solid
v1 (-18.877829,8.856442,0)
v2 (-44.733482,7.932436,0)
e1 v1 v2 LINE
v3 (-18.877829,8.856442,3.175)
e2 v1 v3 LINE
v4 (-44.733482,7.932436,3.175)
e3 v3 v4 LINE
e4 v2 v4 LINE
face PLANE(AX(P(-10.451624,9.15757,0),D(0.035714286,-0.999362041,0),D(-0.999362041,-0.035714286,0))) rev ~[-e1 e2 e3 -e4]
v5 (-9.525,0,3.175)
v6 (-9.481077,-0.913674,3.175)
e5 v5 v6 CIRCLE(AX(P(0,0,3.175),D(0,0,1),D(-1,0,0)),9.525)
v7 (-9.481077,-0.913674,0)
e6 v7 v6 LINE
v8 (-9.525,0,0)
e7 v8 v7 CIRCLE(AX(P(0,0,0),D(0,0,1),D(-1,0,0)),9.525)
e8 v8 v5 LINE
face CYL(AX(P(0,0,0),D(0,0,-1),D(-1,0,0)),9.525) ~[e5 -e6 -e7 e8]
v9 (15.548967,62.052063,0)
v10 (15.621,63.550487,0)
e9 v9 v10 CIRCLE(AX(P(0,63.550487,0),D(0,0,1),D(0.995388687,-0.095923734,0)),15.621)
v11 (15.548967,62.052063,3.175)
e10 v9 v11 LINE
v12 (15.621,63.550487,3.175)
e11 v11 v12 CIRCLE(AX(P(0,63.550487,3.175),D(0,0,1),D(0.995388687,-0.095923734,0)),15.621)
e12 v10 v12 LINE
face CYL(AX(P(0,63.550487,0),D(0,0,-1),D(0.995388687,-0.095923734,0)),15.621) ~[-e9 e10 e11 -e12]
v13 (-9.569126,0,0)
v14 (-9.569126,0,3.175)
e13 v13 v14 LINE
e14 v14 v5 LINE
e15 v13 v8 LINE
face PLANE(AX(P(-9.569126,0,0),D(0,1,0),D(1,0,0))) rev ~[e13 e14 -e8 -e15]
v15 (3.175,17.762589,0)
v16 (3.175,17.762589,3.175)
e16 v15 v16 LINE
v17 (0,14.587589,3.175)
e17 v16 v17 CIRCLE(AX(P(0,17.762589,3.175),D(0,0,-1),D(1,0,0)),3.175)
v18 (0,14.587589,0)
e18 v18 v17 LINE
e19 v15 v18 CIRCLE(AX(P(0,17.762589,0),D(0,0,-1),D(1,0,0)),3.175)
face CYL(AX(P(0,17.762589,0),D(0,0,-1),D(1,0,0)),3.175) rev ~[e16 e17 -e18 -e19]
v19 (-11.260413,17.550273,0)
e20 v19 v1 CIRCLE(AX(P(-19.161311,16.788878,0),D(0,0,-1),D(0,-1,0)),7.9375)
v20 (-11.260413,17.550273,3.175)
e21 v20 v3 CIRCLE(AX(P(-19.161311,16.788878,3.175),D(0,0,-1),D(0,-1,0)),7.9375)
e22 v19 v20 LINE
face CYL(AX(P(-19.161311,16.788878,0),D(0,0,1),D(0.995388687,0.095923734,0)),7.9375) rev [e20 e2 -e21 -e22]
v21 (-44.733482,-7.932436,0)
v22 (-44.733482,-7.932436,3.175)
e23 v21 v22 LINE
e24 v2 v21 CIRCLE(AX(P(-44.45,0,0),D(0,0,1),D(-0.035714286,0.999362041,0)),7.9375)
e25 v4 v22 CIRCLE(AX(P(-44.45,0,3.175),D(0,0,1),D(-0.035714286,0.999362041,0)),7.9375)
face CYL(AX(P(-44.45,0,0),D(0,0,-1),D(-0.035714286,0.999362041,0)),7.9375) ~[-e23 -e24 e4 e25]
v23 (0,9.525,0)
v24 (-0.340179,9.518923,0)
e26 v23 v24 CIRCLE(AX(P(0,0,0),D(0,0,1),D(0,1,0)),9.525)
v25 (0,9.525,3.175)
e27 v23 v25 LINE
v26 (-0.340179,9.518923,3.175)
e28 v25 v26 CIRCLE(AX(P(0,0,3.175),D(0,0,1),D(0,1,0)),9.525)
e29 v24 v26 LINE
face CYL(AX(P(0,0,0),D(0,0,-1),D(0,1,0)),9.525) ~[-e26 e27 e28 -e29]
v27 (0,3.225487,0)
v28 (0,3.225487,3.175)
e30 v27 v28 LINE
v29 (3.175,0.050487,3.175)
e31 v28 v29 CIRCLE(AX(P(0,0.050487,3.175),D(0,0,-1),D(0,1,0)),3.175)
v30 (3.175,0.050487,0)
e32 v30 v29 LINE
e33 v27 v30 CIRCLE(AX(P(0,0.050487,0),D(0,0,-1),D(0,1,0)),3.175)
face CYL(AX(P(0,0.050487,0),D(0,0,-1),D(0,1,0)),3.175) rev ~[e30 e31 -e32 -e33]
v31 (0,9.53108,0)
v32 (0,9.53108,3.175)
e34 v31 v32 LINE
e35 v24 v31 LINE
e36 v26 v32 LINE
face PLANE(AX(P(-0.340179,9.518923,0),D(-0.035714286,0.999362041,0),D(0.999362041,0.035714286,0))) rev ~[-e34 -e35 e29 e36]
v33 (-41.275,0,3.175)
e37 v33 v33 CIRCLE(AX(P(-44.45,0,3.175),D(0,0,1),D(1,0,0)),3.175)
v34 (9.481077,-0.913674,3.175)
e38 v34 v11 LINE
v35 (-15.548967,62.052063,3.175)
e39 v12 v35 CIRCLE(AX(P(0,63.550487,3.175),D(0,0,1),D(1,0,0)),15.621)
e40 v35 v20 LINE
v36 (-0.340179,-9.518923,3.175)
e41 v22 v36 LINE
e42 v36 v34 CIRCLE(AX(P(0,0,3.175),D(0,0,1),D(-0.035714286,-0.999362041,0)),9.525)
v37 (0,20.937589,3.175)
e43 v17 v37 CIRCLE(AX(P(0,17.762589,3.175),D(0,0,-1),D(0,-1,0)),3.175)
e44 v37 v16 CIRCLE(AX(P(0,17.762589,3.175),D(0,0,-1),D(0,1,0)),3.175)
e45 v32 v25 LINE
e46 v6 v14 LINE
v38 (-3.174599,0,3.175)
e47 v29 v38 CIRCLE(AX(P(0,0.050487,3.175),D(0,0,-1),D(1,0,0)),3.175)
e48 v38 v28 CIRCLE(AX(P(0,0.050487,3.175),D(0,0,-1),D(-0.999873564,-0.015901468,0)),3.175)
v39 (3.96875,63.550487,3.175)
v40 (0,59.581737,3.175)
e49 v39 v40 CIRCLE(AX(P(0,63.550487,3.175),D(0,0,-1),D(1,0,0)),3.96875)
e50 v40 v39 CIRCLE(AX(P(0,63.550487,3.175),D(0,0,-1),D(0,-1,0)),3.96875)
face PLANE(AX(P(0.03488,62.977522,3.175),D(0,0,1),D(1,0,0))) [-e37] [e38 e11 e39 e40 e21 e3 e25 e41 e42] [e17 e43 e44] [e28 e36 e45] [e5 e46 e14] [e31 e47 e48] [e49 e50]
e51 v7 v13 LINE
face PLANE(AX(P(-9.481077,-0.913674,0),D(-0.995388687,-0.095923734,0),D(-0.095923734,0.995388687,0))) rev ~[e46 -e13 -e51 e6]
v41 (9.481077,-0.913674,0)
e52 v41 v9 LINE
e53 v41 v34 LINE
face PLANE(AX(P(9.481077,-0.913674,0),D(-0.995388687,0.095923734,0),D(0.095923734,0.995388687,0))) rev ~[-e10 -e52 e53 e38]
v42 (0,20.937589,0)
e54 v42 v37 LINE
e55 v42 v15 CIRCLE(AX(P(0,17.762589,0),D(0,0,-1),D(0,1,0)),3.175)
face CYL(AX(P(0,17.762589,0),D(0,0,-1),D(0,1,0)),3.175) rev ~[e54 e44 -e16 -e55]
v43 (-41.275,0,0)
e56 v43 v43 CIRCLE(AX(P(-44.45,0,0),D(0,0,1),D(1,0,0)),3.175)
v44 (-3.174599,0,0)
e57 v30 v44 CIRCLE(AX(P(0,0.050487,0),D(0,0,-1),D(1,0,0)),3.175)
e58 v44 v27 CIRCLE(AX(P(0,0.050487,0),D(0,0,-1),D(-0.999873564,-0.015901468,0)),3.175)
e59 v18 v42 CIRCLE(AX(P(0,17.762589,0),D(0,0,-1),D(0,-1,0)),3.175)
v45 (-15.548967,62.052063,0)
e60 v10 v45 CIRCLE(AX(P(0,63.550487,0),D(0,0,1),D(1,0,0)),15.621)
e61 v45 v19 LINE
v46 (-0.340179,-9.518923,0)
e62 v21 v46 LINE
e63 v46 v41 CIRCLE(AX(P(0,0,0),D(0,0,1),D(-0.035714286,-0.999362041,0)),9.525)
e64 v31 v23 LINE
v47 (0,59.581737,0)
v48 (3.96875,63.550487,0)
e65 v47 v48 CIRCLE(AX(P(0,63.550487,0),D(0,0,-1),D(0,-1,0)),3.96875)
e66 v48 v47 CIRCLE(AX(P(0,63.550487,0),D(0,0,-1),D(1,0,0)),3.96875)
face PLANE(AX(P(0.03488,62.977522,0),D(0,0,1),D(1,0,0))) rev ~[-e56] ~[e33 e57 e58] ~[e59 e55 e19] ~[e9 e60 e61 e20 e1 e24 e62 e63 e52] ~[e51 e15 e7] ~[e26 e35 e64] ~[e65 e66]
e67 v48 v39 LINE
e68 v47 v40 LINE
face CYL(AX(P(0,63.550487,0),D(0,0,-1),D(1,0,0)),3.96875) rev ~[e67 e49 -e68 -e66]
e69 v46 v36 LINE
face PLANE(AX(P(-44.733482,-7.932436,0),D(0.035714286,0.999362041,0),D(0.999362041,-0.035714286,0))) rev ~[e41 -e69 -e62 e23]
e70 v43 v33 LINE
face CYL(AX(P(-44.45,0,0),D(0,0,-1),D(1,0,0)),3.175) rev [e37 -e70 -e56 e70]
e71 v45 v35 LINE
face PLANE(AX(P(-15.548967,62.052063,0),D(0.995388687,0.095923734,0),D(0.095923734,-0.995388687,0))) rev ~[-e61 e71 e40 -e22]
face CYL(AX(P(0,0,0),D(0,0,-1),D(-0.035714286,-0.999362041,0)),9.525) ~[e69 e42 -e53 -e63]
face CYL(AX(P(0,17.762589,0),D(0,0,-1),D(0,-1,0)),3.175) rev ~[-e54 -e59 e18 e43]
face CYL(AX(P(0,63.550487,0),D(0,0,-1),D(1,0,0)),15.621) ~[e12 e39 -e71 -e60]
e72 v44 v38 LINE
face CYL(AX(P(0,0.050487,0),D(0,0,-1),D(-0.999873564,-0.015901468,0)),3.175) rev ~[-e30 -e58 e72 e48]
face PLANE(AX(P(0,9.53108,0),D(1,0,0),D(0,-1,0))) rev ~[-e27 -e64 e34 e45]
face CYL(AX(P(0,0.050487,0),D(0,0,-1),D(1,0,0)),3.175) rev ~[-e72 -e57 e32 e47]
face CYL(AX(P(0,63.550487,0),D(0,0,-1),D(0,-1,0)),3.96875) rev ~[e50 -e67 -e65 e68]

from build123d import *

# Parameters (mm, degrees)
F0_R     = 3.175
F1_DEPTH = 3.175
F2_R     = 7.9375


with BuildPart() as f1:
    # F0 (on Top) → F1 (new body)
    with BuildSketch(Plane.XY):
        with BuildLine():
            ThreePointArc((0, 47.9294871607), (10.5025889585, 51.9871283852), (15.5489666728, 62.0520625183))
            ThreePointArc((15.5489666728, 62.0520625183), (15.602981276, 62.8004096298), (15.621, 63.5504871607))
            ThreePointArc((15.621, 63.5504871607), (-0.7500775309, 79.1534684366), (-15.5489666728, 62.0520625183))
            ThreePointArc((-15.5489666728, 62.0520625183), (-10.5025889585, 51.9871283852), (0, 47.9294871607))
        make_face()
        with BuildLine():
            ThreePointArc((3.96875, 63.5504871607), (2.8063300378, 60.7441571228), (0, 59.5817371607))
            ThreePointArc((0, 59.5817371607), (-2.8063300378, 66.3568171985), (3.96875, 63.5504871607))
        make_face(mode=Mode.SUBTRACT)
        with BuildLine():
            Line((-10.4516240063, 9.1575698645), (-0.3401788169, 9.5189234356))
            Line((-0.3401788169, 9.5189234356), (0, 9.5310804347))
            Line((0, 9.5310804347), (0, 14.5875889826))
            ThreePointArc((0, 14.5875889826), (-3.175, 17.7625889826), (0, 20.9375889826))
            Line((0, 20.9375889826), (0, 47.9294871607))
            ThreePointArc((0, 47.9294871607), (-10.5025889585, 51.9871283852), (-15.5489666728, 62.0520625183))
            Line((-15.5489666728, 62.0520625183), (-10.4516240063, 9.1575698645))
        make_face()
        with BuildLine():
            ThreePointArc((9.525, 0), (9.5140129731, -0.4573643481), (9.4810772395, -0.9136735625))
            Line((9.4810772395, -0.9136735625), (15.5489666728, 62.0520625183))
            ThreePointArc((15.5489666728, 62.0520625183), (10.5025889585, 51.9871283852), (0, 47.9294871607))
            Line((0, 47.9294871607), (0, 20.9375889826))
            ThreePointArc((0, 20.9375889826), (2.2450640303, 20.0076530128), (3.175, 17.7625889826))
            ThreePointArc((3.175, 17.7625889826), (2.2450640303, 15.5175249523), (0, 14.5875889826))
            Line((0, 14.5875889826), (0, 9.5310804347))
            Line((0, 9.5310804347), (0, 9.525))
            ThreePointArc((0, 9.525), (6.7351920908, 6.7351920908), (9.525, 0))
        make_face()
        with BuildLine():
            Line((-36.5125, 0), (-9.5691262404, 0))
            Line((-9.5691262404, 0), (-10.4516240063, 9.1575698645))
            Line((-10.4516240063, 9.1575698645), (-44.7334821429, 7.9324362036))
            ThreePointArc((-44.7334821429, 7.9324362036), (-38.9384772185, 5.7120069047), (-36.5125, 0))
        make_face()
        with BuildLine():
            ThreePointArc((-0.3401785714, -9.5189234444), (-6.5289239395, -6.9353281964), (-9.4810772395, -0.9136735625))
            Line((-9.4810772395, -0.9136735625), (-9.5691262404, 0))
            Line((-9.5691262404, 0), (-36.5125, 0))
            ThreePointArc((-36.5125, 0), (-38.9384772185, -5.7120069047), (-44.7334821429, -7.9324362036))
            Line((-44.7334821429, -7.9324362036), (-0.3401785714, -9.5189234444))
        make_face()
        with BuildLine():
            ThreePointArc((-44.7334821429, 7.9324362036), (-52.3875, 0), (-44.7334821429, -7.9324362036))
            ThreePointArc((-44.7334821429, -7.9324362036), (-38.9384772185, -5.7120069047), (-36.5125, 0))
            ThreePointArc((-36.5125, 0), (-38.9384772185, 5.7120069047), (-44.7334821429, 7.9324362036))
        make_face()
        with Locations((-44.45, 0)):
            Circle(F0_R, mode=Mode.SUBTRACT)
        with BuildLine():
            ThreePointArc((-9.525, 0), (-9.5140129731, -0.4573643481), (-9.4810772395, -0.9136735625))
            ThreePointArc((-9.4810772395, -0.9136735625), (-6.5289239395, -6.9353281964), (-0.3401785714, -9.5189234444))
            ThreePointArc((-0.3401785714, -9.5189234444), (6.2770684637, -7.1640795991), (9.4810772395, -0.9136735625))
            ThreePointArc((9.4810772395, -0.9136735625), (9.5140129731, -0.4573643481), (9.525, 0))
            ThreePointArc((9.525, 0), (6.7351920908, 6.7351920908), (0, 9.525))
            Line((0, 9.525), (0, 3.2254871607))
            ThreePointArc((0, 3.2254871607), (2.2450640303, 2.2955511909), (3.175, 0.0504871607))
            ThreePointArc((3.175, 0.0504871607), (0.0252443783, -3.1244124789), (-3.1745985646, 0))
            Line((-3.1745985646, 0), (-9.525, 0))
        make_face()
        with BuildLine():
            ThreePointArc((-0.3401788169, 9.5189234356), (-6.8544083709, 6.6138272494), (-9.525, 0))
            Line((-9.525, 0), (-3.1745985646, 0))
            ThreePointArc((-3.1745985646, 0), (-2.2628435358, 2.2776297543), (0, 3.2254871607))
            Line((0, 3.2254871607), (0, 9.525))
            ThreePointArc((0, 9.525), (-0.1701165425, 9.5234807377), (-0.3401788169, 9.5189234356))
        make_face()
        with BuildLine():
            Line((-9.5691262404, 0), (-9.525, 0))
            ThreePointArc((-9.525, 0), (-6.8544083709, 6.6138272494), (-0.3401788169, 9.5189234356))
            Line((-0.3401788169, 9.5189234356), (-10.4516240063, 9.1575698645))
            Line((-10.4516240063, 9.1575698645), (-9.5691262404, 0))
        make_face()
    extrude(amount=F1_DEPTH)

    # F2
    f2_edges = [f1.edges().sort_by_distance(p)[0] for p in [
        (-10.451624, 9.15757, 1.5875),
    ]]
    fillet(f2_edges, radius=F2_R)


solid = f1.part
